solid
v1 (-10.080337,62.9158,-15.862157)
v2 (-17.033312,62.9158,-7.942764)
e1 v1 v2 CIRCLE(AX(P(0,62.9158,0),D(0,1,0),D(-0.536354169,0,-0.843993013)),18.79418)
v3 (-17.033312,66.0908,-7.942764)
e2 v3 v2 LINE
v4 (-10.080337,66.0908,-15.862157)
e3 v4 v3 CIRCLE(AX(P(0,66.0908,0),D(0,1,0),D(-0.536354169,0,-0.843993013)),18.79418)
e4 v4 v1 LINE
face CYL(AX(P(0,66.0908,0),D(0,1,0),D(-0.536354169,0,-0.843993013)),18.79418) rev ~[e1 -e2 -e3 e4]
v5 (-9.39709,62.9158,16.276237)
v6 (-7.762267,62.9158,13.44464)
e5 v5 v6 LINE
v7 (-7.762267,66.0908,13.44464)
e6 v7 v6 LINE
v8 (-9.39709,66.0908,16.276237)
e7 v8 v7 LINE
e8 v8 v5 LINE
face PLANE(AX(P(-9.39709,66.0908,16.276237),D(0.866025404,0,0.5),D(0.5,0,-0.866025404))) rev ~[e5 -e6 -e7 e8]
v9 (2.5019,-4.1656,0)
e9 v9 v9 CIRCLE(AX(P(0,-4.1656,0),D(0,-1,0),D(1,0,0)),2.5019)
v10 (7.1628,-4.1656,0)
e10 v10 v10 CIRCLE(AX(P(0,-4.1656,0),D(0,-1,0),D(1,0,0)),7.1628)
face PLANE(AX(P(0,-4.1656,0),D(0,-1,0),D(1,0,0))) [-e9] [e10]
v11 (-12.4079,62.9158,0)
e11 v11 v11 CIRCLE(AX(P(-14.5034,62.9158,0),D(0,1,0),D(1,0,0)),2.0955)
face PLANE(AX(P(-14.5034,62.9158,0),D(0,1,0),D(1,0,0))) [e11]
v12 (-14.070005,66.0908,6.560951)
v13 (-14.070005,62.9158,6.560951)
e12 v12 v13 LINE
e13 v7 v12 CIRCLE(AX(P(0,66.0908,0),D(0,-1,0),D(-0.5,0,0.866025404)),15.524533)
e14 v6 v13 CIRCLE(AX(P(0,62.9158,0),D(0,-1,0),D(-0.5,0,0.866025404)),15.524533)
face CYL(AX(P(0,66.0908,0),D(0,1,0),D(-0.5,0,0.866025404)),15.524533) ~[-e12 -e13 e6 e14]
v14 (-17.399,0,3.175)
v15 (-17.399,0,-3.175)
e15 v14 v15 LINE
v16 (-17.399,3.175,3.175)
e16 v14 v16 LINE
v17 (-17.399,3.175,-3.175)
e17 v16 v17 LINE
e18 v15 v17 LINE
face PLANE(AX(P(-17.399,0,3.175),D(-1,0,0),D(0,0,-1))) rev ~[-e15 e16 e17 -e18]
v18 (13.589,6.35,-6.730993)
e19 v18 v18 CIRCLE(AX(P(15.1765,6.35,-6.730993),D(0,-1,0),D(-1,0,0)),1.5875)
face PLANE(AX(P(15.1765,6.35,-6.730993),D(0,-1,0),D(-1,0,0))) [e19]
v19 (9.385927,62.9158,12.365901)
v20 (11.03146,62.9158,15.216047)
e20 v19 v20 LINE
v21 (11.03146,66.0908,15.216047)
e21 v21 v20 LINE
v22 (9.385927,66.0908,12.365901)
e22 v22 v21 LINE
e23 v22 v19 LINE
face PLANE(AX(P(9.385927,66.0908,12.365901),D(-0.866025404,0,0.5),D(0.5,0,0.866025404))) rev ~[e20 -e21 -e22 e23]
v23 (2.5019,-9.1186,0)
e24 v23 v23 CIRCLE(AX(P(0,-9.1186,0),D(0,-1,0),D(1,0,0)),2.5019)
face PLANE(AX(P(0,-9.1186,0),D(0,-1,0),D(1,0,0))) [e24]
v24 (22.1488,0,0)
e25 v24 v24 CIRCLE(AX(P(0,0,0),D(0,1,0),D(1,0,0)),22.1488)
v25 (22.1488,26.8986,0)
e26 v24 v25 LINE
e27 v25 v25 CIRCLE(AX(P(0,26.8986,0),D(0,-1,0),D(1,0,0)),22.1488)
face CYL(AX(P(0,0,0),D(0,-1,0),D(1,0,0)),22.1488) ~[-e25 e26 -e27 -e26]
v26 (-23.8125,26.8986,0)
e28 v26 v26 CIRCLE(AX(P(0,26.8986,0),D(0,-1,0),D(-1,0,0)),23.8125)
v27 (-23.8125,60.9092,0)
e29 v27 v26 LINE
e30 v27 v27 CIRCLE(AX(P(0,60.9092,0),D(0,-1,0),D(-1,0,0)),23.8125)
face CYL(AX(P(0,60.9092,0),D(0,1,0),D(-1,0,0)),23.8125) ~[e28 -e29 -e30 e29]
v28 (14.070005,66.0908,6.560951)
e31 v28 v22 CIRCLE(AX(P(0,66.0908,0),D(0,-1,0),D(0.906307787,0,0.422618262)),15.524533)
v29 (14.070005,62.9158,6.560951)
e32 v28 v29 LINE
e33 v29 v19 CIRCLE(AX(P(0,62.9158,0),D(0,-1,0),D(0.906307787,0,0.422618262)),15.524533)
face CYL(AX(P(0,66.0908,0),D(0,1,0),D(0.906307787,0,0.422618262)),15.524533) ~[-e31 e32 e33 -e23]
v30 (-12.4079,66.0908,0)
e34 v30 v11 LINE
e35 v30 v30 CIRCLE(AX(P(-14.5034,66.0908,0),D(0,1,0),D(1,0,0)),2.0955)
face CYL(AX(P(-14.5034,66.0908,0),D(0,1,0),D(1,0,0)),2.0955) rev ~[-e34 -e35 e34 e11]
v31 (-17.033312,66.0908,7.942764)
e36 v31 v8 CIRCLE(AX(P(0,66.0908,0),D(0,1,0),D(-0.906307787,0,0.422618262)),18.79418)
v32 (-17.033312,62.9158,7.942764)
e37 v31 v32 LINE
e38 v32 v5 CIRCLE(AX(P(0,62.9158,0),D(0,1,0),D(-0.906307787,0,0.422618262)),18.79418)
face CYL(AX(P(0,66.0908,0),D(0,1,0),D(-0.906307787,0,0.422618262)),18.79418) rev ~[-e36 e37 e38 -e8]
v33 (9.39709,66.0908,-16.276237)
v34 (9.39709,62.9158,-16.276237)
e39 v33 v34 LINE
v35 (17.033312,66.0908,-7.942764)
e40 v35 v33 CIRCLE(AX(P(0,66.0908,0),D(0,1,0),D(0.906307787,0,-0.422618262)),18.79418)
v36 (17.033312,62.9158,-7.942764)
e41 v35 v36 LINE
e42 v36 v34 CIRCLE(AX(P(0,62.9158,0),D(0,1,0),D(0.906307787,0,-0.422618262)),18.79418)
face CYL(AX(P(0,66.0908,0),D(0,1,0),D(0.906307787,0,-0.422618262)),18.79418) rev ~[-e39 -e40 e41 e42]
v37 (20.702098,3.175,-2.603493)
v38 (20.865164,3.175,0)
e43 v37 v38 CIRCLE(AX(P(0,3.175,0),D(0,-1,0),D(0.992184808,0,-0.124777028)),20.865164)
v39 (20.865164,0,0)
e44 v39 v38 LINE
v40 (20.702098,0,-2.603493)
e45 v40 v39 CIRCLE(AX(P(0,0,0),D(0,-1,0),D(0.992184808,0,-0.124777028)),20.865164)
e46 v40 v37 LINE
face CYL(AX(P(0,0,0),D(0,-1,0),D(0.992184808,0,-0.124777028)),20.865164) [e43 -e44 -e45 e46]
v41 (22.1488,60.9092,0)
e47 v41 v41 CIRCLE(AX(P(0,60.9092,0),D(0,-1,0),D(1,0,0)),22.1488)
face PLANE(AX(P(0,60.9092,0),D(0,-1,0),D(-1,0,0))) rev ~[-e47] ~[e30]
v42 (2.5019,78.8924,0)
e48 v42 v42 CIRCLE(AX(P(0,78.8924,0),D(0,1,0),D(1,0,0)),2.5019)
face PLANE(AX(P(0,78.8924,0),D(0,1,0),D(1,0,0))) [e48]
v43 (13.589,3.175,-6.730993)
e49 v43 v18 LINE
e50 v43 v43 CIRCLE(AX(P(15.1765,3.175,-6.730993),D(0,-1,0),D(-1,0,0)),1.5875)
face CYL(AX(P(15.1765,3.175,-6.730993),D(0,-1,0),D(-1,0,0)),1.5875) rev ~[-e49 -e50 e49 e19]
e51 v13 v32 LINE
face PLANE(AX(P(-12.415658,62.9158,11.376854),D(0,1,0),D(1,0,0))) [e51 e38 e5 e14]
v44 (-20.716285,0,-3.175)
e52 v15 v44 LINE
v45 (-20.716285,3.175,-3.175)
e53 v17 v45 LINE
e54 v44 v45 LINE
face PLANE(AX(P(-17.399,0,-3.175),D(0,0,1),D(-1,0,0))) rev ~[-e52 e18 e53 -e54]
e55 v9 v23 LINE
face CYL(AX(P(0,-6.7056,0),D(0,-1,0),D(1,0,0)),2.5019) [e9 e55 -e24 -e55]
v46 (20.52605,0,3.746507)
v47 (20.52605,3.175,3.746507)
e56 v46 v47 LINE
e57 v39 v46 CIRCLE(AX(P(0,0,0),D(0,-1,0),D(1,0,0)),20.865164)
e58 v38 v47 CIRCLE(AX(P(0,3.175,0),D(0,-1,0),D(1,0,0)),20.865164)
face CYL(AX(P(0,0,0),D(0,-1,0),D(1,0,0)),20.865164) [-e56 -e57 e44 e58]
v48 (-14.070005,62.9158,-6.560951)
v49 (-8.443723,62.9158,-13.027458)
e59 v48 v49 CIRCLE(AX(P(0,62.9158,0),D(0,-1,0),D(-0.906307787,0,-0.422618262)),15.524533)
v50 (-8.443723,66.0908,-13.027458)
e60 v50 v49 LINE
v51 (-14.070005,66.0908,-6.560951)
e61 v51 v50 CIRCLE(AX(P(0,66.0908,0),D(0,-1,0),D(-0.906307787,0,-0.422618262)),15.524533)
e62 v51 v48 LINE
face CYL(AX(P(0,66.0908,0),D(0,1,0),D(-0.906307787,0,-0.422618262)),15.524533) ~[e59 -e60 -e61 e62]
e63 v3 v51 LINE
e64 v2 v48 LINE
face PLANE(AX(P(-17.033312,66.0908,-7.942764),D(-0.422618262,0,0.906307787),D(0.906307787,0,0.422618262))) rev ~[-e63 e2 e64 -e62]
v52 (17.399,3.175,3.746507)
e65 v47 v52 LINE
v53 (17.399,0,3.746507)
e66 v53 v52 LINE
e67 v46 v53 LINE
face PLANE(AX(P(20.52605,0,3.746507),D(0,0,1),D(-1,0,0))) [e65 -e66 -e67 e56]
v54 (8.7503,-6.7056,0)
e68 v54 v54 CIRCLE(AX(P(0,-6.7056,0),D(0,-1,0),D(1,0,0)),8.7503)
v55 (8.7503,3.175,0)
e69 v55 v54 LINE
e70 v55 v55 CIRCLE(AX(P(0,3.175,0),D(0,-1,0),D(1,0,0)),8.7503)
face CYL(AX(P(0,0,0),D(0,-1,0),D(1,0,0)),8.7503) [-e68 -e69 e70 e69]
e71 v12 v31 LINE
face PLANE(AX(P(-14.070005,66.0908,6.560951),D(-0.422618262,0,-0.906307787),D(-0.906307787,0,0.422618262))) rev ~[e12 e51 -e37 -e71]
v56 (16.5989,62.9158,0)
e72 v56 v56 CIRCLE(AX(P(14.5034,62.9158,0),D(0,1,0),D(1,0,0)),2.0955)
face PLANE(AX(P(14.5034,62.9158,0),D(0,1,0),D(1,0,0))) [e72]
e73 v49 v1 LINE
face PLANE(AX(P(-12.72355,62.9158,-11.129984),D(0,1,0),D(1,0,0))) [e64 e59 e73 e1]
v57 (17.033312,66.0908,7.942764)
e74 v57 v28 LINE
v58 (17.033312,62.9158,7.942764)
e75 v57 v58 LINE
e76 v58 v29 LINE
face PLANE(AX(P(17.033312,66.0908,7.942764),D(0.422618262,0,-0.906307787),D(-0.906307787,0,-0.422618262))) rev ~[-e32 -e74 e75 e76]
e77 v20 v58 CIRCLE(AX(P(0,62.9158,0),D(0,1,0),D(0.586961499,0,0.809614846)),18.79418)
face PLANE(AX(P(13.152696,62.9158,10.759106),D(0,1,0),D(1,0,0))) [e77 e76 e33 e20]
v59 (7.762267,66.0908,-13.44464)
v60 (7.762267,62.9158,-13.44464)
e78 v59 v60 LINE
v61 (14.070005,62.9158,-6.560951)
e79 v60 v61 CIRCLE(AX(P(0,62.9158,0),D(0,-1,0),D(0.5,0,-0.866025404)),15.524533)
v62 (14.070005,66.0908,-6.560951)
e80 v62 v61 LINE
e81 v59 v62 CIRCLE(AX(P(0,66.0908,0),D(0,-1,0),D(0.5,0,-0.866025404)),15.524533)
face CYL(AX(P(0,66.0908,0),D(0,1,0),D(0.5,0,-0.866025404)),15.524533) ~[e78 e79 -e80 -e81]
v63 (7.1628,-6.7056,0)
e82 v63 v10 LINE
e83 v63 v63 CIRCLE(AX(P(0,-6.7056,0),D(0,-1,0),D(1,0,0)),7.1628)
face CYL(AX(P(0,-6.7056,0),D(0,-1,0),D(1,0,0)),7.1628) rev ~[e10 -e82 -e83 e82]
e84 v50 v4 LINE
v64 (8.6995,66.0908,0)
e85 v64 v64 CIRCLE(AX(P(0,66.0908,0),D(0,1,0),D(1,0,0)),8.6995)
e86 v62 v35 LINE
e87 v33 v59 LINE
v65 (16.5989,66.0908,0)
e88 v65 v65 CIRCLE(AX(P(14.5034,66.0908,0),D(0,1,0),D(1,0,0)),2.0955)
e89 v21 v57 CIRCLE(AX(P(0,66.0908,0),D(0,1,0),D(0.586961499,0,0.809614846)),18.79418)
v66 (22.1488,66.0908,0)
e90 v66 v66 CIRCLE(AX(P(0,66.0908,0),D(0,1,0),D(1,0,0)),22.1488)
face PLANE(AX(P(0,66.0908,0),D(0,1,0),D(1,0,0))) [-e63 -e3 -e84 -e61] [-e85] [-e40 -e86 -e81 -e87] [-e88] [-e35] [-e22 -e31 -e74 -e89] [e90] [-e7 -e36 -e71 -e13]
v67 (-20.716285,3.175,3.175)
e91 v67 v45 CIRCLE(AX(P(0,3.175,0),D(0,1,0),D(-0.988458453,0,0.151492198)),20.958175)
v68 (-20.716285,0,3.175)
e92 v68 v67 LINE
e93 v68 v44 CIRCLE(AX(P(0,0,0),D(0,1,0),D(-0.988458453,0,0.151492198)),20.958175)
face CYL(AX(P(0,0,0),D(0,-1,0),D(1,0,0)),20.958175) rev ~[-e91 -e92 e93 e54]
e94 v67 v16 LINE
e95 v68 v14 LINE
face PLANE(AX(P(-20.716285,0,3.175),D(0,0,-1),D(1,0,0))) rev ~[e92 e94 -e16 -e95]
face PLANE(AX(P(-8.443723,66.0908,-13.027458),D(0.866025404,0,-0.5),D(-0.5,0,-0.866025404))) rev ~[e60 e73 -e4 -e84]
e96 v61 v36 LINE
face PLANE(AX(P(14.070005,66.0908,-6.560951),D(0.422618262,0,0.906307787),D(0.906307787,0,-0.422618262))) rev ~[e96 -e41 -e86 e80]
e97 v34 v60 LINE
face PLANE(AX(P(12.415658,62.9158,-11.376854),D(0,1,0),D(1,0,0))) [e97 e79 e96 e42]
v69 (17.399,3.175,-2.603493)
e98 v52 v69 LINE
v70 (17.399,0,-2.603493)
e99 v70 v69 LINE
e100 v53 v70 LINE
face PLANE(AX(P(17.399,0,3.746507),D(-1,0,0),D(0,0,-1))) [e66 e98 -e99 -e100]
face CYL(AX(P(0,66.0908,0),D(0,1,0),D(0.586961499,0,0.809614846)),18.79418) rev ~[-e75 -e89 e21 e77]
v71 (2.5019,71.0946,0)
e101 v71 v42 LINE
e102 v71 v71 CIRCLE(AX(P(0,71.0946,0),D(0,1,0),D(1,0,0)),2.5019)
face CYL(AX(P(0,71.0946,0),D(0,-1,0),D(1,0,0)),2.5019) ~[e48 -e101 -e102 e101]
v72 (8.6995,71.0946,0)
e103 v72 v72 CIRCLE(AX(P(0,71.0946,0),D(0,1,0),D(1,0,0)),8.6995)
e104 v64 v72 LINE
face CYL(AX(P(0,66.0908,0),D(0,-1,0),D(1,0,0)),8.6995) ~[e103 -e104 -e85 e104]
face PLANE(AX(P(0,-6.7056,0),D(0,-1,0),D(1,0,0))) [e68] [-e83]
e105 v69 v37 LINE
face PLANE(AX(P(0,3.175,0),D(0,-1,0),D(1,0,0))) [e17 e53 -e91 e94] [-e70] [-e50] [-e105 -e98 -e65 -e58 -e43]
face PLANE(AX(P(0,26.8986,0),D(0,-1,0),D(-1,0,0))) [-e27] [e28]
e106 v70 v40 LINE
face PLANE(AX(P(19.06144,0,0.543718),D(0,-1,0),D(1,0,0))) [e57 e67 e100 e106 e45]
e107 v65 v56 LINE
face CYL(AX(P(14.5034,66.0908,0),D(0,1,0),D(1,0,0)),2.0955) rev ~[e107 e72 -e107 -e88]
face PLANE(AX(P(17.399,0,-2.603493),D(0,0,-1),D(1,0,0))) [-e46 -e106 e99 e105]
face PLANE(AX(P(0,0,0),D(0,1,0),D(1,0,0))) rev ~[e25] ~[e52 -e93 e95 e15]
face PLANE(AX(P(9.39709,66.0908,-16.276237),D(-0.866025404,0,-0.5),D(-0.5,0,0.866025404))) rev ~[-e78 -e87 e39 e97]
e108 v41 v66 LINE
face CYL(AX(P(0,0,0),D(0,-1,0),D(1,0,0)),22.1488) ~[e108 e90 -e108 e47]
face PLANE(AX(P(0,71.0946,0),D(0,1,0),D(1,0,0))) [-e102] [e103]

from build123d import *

# Parameters (mm, degrees)
SKETCH2_R            = 22.1488
BOSS_EXTRUDE4_DEPTH  = 66.0908
SKETCH4_R            = 8.6995
BOSS_EXTRUDE5_DEPTH  = 5.0038
SKETCH9_R            = 2.5019
BOSS_EXTRUDE6_DEPTH  = 7.7978
SKETCH10_R           = 8.7503
BOSS_EXTRUDE7_DEPTH  = 6.7056
SKETCH11_R           = 2.5019
BOSS_EXTRUDE8_DEPTH  = 2.413
SKETCH12_R           = 23.8125
BOSS_EXTRUDE9_DEPTH  = 34.0106
SKETCH13_R           = 2.0955
CUT_EXTRUDE1_DEPTH   = 3.175
CUT_EXTRUDE2_DEPTH   = 3.175
SKETCH15_R           = 20.958175
SKETCH15_R_2         = 8.7503
CUT_EXTRUDE3_DEPTH   = 3.175
SKETCH16_R           = 7.1628
SKETCH16_R_2         = 2.5019
CUT_EXTRUDE4_DEPTH   = 2.54
BOSS_EXTRUDE12_DEPTH = 3.175
BOSS_EXTRUDE13_DEPTH = 3.175
SKETCH20_R           = 1.5875
CUT_EXTRUDE5_DEPTH   = 3.175


with BuildPart() as part:
    # Sketch2 → Boss-Extrude4 (new body)
    with BuildSketch(Plane(origin=(0, 0, 0), x_dir=(1, 0, 0), z_dir=(0, 1, 0))):
        Circle(SKETCH2_R)
    extrude(amount=BOSS_EXTRUDE4_DEPTH)

    # Sketch4 → Boss-Extrude5 (add)
    with BuildSketch(Plane(origin=(0, 66.0908, 0), x_dir=(1, 0, 0), z_dir=(0, 1, 0))):
        Circle(SKETCH4_R)
    extrude(amount=BOSS_EXTRUDE5_DEPTH)

    # Sketch9 → Boss-Extrude6 (add)
    with BuildSketch(Plane(origin=(0, 71.0946, 0), x_dir=(1, 0, 0), z_dir=(0, 1, 0))):
        Circle(SKETCH9_R)
    extrude(amount=BOSS_EXTRUDE6_DEPTH)

    # Sketch10 → Boss-Extrude7 (add)
    with BuildSketch(Plane.XZ):
        Circle(SKETCH10_R)
    extrude(amount=BOSS_EXTRUDE7_DEPTH)

    # Sketch11 → Boss-Extrude8 (add)
    with BuildSketch(Plane.XZ.offset(6.7056)):
        Circle(SKETCH11_R)
    extrude(amount=BOSS_EXTRUDE8_DEPTH)

    # Sketch12 → Boss-Extrude9 (add)
    with BuildSketch(Plane(origin=(0, 60.9092, 0), x_dir=(-1, 0, 0), z_dir=(0, -1, 0))):
        Circle(SKETCH12_R)
    extrude(amount=BOSS_EXTRUDE9_DEPTH)

    # Sketch13 → Cut-Extrude1 (cut)
    with BuildSketch(Plane(origin=(0, 66.0908, 0), x_dir=(1, 0, 0), z_dir=(0, 1, 0))):
        with Locations((-14.5034, 0)):
            Circle(SKETCH13_R)
        with Locations((14.5034, 0)):
            Circle(SKETCH13_R)
    extrude(amount=-CUT_EXTRUDE1_DEPTH, mode=Mode.SUBTRACT)

    # Sketch14 → Cut-Extrude2 (cut)
    with BuildSketch(Plane(origin=(0, 66.0908, 0), x_dir=(1, 0, 0), z_dir=(0, 1, 0))):
        with BuildLine():
            Line((-14.070005184, -6.560951168), (-17.033311719, -7.942763698))
            ThreePointArc((-17.033311719, -7.942763698), (-13.856523006, -12.697163994), (-9.397090019, -16.276237356))
            Line((-9.397090019, -16.276237356), (-7.76226652, -13.444639995))
            ThreePointArc((-7.76226652, -13.444639995), (-11.445886375, -10.4882225), (-14.070005184, -6.560951168))
        make_face()
        with BuildLine():
            ThreePointArc((-10.080336815, 15.862156631), (-14.123267338, 12.399779151), (-17.033311719, 7.942763698))
            Line((-17.033311719, 7.942763698), (-14.070005184, 6.560951168))
            ThreePointArc((-14.070005184, 6.560951168), (-11.711998853, 10.190201616), (-8.44372295, 13.027458265))
            Line((-8.44372295, 13.027458265), (-10.080336815, 15.862156631))
        make_face()
        with BuildLine():
            ThreePointArc((17.033311719, 7.942763698), (13.856523006, 12.697163994), (9.397090019, 16.276237356))
            Line((9.397090019, 16.276237356), (7.76226652, 13.444639995))
            ThreePointArc((7.76226652, 13.444639995), (11.445886375, 10.4882225), (14.070005184, 6.560951168))
            Line((14.070005184, 6.560951168), (17.033311719, 7.942763698))
        make_face()
        with BuildLine():
            Line((9.385927189, -12.365900571), (11.031460095, -15.21604717))
            ThreePointArc((11.031460095, -15.21604717), (14.495965555, -11.961947414), (17.033311719, -7.942763698))
            Line((17.033311719, -7.942763698), (14.070005184, -6.560951168))
            ThreePointArc((14.070005184, -6.560951168), (12.081785889, -9.748926908), (9.385927189, -12.365900571))
        make_face()
    extrude(amount=-CUT_EXTRUDE2_DEPTH, mode=Mode.SUBTRACT)

    # Sketch15 → Cut-Extrude3 (cut)
    with BuildSketch(Plane.XZ):
        Circle(SKETCH15_R)
        Circle(SKETCH15_R_2, mode=Mode.SUBTRACT)
    extrude(amount=-CUT_EXTRUDE3_DEPTH, mode=Mode.SUBTRACT)

    # Sketch16 → Cut-Extrude4 (cut)
    with BuildSketch(Plane.XZ.offset(6.7056)):
        Circle(SKETCH16_R)
        Circle(SKETCH16_R_2, mode=Mode.SUBTRACT)
    extrude(amount=-CUT_EXTRUDE4_DEPTH, mode=Mode.SUBTRACT)

    # Sketch18 → Boss-Extrude12 (add)
    with BuildSketch(Plane.XZ):
        with BuildLine():
            ThreePointArc((20.865163654, 0), (20.780212376, 1.88091146), (20.52605029, 3.746506881))
            Line((20.52605029, 3.746506881), (17.399, 3.746506881))
            Line((17.399, 3.746506881), (17.399, -2.603493119))
            Line((17.399, -2.603493119), (20.702098393, -2.603493119))
            ThreePointArc((20.702098393, -2.603493119), (20.824357436, -1.304297387), (20.865163654, 0))
        make_face()
    extrude(amount=-BOSS_EXTRUDE12_DEPTH)

    # Sketch19 → Boss-Extrude13 (add)
    with BuildSketch(Plane(origin=(0, 0, 0), x_dir=(-1, 0, 0), z_dir=(0, -1, 0))):
        with BuildLine():
            Line((20.716285244, -3.175), (17.399, -3.175))
            Line((17.399, -3.175), (17.399, 3.175))
            Line((17.399, 3.175), (20.716285244, 3.175))
            ThreePointArc((20.716285244, 3.175), (20.958175, 0), (20.716285244, -3.175))
        make_face()
    extrude(amount=-BOSS_EXTRUDE13_DEPTH)

    # Sketch20 → Cut-Extrude5 (cut)
    with BuildSketch(Plane(origin=(0, 3.175, 0), x_dir=(-1, 0, 0), z_dir=(0, -1, 0))):
        with Locations((-15.1765, 6.730993119)):
            Circle(SKETCH20_R)
    extrude(amount=-CUT_EXTRUDE5_DEPTH, mode=Mode.SUBTRACT)


solid = part.part
